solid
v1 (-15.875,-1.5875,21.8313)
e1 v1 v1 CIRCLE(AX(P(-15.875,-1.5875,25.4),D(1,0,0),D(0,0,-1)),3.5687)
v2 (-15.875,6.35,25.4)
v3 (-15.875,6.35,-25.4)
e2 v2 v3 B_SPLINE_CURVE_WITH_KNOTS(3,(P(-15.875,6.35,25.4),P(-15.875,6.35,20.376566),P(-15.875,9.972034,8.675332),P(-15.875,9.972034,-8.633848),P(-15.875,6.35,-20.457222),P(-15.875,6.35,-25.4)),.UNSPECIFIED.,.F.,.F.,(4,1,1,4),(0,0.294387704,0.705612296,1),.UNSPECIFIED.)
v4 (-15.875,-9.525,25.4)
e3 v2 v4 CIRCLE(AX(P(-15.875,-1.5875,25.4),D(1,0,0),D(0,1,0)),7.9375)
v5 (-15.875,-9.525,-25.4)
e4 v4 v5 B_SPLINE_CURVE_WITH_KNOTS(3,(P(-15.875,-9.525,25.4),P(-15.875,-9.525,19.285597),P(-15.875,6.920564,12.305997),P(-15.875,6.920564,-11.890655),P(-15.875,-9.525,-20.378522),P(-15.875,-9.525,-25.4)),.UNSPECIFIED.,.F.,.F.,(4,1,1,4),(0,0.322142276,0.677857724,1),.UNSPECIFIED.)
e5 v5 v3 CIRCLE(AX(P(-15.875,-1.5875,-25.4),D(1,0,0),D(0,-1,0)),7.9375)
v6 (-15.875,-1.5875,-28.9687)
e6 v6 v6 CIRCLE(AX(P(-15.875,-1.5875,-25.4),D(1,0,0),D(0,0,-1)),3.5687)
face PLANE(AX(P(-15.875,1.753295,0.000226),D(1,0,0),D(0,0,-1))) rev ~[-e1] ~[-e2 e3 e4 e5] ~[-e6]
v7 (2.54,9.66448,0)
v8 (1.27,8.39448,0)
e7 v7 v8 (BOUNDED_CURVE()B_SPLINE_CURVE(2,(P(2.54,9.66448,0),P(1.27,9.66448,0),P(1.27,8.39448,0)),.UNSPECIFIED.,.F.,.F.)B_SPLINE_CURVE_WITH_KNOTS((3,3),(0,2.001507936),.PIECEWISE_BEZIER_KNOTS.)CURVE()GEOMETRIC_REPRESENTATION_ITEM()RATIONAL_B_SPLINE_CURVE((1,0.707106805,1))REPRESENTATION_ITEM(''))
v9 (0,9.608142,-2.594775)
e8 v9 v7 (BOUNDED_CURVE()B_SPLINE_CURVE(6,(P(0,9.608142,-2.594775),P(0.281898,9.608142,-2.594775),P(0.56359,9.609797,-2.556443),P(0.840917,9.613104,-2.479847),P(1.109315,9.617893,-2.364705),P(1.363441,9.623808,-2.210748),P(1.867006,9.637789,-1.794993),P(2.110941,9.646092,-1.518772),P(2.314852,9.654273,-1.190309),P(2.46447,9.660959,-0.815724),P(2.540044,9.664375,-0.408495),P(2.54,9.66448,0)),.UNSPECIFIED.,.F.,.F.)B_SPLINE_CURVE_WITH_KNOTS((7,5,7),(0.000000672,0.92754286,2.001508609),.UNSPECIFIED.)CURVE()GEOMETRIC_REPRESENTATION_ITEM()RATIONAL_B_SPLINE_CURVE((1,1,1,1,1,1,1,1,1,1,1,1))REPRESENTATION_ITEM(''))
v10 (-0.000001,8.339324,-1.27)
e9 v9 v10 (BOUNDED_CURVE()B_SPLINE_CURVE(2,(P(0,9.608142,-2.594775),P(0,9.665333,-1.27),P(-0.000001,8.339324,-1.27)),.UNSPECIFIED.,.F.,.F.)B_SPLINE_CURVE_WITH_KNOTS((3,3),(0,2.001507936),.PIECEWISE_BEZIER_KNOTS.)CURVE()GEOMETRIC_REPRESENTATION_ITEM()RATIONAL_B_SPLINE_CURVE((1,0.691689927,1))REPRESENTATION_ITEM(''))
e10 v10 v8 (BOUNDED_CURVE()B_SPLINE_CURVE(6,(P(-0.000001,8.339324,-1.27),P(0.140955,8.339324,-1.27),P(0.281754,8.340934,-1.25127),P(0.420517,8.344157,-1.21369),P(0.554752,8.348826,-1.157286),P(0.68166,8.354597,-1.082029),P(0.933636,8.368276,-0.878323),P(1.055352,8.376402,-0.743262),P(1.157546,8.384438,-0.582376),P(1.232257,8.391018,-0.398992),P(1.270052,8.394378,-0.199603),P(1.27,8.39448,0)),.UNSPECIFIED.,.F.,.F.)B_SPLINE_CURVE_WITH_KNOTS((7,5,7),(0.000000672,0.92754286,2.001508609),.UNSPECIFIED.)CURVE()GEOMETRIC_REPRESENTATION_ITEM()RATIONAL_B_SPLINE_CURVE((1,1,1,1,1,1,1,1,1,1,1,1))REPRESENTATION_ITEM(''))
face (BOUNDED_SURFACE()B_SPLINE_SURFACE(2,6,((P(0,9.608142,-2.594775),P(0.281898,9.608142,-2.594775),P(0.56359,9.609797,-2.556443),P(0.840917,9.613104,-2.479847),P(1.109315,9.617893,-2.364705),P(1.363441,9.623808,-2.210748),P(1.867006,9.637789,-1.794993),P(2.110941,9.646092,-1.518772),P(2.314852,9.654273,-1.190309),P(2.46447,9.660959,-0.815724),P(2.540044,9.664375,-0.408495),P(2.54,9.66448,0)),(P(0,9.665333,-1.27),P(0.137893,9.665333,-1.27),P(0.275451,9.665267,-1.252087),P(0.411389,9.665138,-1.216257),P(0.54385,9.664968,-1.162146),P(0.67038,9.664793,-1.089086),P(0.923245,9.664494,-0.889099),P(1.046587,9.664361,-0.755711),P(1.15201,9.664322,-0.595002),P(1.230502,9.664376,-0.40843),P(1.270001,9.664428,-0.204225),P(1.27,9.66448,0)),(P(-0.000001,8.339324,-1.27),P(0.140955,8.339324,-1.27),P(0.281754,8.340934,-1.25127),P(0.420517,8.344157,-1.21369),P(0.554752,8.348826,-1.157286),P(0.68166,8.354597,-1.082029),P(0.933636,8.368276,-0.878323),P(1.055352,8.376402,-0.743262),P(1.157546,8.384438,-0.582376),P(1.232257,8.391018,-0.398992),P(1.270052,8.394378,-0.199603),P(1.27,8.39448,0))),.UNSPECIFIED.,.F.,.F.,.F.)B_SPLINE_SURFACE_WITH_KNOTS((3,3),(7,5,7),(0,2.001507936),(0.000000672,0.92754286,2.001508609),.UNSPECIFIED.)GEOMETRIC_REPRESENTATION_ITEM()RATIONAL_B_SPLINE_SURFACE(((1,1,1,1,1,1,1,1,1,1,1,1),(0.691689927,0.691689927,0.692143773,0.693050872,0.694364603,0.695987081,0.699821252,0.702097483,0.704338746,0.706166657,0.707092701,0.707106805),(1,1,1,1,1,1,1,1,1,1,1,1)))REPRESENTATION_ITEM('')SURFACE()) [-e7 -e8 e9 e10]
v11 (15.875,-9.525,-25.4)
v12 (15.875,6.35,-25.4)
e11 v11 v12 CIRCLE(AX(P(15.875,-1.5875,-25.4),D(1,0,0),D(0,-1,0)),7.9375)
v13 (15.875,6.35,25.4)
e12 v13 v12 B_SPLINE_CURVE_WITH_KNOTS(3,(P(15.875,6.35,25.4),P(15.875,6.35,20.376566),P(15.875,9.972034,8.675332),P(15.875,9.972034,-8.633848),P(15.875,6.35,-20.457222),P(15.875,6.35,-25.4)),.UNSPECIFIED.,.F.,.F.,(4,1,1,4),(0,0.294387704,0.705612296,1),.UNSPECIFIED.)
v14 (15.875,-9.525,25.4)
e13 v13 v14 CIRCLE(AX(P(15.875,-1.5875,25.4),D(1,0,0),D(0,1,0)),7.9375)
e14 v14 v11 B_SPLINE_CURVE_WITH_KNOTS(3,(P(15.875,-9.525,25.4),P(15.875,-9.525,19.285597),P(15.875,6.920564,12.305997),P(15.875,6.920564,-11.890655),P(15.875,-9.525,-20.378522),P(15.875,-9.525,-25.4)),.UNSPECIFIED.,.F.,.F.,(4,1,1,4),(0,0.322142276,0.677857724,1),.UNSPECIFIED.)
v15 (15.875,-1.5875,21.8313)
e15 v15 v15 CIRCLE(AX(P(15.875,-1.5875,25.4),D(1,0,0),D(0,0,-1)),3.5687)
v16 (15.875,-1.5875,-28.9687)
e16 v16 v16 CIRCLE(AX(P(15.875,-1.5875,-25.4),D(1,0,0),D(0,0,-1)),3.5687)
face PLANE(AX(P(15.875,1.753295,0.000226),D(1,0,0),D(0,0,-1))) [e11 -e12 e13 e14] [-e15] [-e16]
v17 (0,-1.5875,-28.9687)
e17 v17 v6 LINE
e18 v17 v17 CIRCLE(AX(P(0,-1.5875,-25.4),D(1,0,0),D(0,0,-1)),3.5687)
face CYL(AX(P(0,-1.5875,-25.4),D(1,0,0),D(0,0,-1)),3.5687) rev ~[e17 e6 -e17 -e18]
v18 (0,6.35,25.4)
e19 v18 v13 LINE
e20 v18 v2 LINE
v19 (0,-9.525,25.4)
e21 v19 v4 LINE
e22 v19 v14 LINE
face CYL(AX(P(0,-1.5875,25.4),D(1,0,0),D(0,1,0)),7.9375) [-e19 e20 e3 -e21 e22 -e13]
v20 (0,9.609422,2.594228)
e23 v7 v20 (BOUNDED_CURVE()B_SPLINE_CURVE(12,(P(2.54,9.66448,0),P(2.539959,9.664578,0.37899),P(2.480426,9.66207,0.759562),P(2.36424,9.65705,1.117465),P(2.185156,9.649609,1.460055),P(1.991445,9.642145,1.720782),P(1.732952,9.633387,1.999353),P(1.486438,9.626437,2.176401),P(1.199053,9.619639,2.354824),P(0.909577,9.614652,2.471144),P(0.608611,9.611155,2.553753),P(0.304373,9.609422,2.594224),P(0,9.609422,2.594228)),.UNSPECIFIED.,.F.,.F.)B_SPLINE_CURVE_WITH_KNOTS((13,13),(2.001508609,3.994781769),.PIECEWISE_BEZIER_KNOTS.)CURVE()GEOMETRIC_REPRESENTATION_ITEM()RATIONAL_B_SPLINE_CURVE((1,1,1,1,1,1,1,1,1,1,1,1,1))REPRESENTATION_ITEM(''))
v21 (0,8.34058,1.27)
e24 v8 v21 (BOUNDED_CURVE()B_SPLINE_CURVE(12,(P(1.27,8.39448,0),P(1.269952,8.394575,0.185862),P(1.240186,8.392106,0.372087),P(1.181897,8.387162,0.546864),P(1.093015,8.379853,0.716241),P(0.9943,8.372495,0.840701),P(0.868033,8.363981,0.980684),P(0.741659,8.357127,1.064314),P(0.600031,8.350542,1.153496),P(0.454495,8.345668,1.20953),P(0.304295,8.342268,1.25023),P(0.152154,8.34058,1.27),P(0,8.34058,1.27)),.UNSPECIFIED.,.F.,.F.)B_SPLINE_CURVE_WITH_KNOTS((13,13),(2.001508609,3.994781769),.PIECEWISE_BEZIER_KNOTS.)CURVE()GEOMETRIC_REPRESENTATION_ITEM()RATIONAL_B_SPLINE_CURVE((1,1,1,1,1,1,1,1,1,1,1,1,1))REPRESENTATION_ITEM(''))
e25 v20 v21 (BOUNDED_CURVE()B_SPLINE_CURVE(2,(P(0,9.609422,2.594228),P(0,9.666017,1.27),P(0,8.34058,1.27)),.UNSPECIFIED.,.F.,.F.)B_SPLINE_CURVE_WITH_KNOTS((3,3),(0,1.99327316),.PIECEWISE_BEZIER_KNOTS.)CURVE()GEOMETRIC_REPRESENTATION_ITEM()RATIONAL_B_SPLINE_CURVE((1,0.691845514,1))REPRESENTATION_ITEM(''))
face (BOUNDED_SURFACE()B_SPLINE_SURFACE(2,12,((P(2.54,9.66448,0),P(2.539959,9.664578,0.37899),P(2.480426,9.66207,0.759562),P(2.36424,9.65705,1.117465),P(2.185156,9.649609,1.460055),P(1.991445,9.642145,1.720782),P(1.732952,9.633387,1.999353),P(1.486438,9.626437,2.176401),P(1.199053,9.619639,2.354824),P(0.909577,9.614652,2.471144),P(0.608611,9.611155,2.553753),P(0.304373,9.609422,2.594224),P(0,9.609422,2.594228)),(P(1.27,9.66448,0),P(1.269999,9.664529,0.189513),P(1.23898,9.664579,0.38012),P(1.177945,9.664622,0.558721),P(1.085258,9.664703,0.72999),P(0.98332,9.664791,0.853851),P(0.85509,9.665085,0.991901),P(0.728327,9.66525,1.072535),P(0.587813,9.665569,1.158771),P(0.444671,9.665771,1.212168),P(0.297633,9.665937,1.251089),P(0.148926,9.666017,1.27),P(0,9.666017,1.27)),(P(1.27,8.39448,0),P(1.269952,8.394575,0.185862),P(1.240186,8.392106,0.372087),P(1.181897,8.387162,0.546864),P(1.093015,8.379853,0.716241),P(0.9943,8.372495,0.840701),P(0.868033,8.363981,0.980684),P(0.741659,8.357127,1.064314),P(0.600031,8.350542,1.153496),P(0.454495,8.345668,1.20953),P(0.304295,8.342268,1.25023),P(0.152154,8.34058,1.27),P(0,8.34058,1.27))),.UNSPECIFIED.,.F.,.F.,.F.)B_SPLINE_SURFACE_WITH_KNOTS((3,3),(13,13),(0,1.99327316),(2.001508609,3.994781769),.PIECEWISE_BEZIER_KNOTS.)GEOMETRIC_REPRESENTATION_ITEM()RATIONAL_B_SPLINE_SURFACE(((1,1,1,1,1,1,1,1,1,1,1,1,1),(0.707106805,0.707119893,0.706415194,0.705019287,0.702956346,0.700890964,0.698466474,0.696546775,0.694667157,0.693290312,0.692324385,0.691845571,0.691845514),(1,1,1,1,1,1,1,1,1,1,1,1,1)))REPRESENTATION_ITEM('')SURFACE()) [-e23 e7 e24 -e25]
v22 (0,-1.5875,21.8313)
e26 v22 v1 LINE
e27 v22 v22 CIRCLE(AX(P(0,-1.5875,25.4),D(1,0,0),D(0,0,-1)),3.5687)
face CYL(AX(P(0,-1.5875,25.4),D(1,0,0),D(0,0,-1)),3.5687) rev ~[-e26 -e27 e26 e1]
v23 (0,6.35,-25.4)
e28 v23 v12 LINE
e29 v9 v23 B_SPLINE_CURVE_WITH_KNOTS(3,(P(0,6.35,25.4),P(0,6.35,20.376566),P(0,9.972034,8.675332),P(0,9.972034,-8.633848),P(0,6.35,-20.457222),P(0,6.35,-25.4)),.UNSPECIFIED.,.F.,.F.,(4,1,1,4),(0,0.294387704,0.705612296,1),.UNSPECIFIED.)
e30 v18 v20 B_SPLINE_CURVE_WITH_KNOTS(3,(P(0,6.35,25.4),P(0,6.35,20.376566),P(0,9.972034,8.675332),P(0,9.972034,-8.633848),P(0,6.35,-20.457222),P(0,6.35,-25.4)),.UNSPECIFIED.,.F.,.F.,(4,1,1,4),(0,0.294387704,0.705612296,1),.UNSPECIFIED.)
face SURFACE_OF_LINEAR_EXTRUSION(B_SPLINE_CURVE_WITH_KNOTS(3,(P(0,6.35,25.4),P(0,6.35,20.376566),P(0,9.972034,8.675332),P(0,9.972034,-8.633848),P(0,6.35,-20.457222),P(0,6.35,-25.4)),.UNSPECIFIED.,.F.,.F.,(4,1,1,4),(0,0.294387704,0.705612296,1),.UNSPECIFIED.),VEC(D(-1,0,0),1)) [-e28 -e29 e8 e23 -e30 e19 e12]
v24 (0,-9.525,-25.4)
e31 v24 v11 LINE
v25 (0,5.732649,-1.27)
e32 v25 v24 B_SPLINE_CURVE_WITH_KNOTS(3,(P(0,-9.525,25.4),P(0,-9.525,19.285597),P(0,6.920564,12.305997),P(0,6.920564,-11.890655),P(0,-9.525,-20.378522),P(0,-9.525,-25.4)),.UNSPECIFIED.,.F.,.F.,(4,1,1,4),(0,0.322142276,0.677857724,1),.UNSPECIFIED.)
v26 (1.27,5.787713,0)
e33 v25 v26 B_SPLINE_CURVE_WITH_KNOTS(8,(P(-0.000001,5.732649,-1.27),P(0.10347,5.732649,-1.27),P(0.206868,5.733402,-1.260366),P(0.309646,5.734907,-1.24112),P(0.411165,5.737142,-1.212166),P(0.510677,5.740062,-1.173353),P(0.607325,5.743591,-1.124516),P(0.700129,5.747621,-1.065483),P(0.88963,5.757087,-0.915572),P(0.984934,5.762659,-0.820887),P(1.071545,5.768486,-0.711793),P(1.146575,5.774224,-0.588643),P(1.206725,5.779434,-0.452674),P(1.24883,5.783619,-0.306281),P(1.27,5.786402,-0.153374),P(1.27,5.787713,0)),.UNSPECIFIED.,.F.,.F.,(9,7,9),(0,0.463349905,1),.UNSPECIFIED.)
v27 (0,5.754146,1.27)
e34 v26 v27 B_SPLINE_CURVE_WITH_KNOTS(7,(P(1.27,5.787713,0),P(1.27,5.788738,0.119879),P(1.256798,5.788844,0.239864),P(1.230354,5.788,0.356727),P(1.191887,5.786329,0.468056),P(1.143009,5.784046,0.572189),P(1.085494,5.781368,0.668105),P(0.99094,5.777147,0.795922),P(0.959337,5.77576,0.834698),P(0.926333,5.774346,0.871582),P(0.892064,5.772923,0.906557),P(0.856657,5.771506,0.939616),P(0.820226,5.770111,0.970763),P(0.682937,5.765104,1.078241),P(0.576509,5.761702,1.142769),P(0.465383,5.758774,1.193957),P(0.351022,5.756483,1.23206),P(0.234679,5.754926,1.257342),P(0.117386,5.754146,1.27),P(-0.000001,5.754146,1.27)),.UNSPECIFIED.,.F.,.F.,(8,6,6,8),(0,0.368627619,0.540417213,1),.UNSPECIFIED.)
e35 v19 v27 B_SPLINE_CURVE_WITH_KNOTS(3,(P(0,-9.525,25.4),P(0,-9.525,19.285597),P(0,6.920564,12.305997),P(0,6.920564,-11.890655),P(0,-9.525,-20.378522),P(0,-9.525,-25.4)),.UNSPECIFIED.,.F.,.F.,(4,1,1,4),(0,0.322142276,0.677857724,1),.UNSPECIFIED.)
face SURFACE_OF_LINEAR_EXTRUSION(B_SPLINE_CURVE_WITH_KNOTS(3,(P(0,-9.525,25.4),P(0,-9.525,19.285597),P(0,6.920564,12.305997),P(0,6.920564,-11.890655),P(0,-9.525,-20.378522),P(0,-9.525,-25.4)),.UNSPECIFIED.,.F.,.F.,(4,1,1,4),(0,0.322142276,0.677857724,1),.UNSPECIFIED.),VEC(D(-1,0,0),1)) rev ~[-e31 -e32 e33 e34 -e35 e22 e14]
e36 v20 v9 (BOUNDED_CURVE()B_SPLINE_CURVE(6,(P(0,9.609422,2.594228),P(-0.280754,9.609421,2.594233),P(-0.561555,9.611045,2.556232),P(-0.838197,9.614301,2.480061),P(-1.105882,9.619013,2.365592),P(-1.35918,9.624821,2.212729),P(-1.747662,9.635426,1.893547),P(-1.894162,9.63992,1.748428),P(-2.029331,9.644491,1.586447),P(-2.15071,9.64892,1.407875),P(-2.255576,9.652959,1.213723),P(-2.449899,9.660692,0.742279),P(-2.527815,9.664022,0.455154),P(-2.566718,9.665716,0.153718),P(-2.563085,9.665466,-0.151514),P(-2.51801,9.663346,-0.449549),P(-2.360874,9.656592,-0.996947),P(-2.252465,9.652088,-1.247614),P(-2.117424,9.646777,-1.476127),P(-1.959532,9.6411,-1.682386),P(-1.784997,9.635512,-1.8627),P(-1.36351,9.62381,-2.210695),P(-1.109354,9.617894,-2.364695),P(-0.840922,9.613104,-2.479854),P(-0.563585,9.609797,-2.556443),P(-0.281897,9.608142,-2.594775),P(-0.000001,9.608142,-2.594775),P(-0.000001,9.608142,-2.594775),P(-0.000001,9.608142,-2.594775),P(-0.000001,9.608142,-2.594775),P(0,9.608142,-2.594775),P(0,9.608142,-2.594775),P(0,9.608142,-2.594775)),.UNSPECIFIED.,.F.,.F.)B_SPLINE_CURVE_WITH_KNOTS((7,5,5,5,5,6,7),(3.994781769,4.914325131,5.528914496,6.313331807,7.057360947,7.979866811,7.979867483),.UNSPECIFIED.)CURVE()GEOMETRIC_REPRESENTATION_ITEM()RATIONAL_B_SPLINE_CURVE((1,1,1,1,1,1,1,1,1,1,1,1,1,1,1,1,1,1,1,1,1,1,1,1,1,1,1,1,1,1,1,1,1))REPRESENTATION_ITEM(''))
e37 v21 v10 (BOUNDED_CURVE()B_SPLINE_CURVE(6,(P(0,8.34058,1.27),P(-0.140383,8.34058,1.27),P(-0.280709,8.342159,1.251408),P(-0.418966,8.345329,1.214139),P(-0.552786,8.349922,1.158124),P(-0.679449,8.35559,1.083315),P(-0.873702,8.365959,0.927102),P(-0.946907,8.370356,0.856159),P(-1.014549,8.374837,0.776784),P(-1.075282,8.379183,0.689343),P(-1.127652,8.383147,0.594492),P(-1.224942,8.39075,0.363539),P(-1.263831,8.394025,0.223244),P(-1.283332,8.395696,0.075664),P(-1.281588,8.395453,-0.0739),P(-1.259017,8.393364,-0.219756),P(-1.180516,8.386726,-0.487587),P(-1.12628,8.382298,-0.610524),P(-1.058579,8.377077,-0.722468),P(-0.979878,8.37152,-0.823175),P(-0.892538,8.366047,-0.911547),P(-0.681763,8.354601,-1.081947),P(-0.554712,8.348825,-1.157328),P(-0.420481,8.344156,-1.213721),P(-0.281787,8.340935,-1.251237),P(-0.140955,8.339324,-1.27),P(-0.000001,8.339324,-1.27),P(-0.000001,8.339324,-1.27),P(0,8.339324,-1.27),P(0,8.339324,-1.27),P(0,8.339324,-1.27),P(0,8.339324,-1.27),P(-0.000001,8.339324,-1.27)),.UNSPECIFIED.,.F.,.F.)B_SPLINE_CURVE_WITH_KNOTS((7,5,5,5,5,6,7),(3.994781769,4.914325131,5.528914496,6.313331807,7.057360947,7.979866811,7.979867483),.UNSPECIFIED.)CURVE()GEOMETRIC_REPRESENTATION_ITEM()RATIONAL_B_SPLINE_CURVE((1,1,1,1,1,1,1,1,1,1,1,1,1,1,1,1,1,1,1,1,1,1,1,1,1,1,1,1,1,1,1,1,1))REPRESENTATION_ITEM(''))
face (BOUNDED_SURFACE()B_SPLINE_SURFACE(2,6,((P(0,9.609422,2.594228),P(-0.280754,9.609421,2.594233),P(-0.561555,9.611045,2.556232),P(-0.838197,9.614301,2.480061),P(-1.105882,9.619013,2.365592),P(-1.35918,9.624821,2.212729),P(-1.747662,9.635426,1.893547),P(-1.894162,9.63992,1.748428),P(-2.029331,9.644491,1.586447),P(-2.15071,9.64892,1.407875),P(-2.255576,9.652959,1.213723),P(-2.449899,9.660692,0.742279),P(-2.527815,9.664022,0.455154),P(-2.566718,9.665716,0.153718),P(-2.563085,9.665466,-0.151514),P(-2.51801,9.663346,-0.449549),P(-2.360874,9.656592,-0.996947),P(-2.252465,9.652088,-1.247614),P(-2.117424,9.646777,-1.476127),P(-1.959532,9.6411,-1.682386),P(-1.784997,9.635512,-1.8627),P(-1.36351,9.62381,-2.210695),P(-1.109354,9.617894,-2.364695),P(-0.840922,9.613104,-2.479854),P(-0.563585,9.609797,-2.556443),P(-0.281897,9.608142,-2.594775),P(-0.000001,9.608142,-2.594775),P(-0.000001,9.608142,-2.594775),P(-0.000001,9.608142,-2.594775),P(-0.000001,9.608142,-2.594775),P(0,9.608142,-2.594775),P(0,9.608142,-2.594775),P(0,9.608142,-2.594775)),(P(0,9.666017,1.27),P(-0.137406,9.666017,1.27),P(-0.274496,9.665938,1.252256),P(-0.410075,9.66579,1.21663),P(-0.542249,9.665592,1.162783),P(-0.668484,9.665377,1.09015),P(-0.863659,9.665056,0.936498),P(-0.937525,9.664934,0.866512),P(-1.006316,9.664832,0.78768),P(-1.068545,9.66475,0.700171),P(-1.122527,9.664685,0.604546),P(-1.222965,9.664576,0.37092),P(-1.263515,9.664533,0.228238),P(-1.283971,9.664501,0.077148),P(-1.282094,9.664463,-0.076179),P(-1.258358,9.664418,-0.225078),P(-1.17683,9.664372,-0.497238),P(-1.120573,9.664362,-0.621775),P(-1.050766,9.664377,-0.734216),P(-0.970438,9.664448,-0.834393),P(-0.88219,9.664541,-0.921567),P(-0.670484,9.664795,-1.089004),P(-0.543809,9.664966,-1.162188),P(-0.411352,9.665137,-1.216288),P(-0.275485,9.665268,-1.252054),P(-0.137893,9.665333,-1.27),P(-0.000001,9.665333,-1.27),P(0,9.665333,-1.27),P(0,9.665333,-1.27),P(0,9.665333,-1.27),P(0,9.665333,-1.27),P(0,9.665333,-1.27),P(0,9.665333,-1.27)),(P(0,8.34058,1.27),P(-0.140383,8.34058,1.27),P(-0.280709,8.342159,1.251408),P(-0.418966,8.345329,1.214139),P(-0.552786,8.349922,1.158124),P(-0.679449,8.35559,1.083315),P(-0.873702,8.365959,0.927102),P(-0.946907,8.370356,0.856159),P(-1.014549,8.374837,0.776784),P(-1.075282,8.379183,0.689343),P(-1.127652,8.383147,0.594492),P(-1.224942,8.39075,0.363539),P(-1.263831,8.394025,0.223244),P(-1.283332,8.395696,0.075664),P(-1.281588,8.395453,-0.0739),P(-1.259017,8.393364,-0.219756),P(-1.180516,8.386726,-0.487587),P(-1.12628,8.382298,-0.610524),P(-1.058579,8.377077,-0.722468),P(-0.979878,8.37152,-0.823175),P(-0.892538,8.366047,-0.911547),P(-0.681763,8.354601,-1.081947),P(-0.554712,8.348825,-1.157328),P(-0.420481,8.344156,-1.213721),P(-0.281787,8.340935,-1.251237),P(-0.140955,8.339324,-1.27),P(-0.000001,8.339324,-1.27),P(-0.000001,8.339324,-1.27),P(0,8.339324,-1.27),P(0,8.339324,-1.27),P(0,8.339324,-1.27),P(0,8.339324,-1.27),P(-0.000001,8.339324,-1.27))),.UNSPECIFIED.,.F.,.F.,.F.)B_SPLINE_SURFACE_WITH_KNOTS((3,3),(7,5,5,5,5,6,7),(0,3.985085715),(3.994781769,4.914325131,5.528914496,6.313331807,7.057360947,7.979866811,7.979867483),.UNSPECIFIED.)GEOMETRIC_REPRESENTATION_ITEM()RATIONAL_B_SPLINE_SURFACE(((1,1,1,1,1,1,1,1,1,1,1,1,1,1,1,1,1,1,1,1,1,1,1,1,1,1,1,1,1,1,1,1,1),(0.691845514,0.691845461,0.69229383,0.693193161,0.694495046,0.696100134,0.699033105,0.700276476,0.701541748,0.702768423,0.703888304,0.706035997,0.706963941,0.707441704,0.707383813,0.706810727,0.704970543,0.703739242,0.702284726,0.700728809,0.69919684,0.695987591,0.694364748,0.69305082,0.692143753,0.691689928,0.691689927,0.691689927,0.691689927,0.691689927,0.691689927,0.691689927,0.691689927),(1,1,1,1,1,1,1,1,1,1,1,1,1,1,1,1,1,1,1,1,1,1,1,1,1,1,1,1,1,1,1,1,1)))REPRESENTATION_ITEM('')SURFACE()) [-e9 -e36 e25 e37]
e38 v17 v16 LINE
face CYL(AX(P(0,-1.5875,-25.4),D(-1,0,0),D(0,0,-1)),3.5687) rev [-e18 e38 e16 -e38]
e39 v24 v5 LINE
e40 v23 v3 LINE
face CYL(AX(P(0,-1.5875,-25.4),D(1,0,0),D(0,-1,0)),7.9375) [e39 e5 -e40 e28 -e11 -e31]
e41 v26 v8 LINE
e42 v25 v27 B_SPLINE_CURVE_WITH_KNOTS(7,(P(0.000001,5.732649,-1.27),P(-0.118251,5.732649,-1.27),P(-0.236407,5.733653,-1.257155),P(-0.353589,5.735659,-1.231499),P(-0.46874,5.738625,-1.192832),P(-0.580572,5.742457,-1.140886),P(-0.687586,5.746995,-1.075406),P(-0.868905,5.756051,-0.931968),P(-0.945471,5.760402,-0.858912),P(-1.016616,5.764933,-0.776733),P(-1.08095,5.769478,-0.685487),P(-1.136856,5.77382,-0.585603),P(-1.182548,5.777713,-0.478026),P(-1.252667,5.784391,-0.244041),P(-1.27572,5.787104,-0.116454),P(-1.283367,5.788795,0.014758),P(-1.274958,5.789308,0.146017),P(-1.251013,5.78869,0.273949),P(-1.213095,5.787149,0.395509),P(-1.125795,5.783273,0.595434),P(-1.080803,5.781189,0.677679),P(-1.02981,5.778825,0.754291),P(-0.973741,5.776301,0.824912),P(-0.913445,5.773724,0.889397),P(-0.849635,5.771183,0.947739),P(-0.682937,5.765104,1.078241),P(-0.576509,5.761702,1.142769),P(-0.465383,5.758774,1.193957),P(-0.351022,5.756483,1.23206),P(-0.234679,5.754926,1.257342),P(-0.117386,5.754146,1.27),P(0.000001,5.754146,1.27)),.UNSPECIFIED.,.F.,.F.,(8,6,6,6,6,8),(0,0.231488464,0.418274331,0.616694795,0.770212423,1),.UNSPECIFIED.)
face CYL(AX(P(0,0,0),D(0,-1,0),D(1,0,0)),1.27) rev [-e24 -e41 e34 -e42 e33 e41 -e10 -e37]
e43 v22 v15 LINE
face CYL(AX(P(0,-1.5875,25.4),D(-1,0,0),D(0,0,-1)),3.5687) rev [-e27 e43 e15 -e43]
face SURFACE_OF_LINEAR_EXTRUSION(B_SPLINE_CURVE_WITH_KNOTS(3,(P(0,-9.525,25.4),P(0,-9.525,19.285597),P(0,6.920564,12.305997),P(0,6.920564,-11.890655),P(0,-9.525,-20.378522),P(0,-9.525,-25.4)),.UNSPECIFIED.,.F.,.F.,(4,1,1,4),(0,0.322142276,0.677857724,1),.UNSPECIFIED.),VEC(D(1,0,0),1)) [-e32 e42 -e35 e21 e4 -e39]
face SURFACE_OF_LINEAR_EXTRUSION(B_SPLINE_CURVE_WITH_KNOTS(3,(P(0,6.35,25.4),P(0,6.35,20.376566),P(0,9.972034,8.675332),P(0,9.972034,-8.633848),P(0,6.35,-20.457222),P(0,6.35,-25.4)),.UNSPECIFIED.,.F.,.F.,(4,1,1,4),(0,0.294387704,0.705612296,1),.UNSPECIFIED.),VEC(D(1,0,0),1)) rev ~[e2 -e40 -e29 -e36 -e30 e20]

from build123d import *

# Parameters (mm, degrees)
SKETCH1_R               = 3.5687
BOSS_EXTRUDE1_DEPTH     = 15.875
SKETCH3_R               = 1.27
CUT_EXTRUDE1_DEPTH      = 10.664482261
CUT_EXTRUDE1_DEPTH_BACK = 10.5250001
FILLET1_R               = 1.27


with BuildPart() as part:
    # Sketch1 → Boss-Extrude1 (new body, symmetric)
    with BuildSketch(Plane(origin=(0, 0, 0), x_dir=(0, 0, -1), z_dir=(1, 0, 0))):
        with BuildLine():
            ThreePointArc((-25.4, 6.35), (-33.3375, -1.5875), (-25.4, -9.525))
            add(Edge.make_bspline(
                [(-25.4, -9.525), (-19.285597161, -9.525), (-12.305997333, 6.920563629), (11.89065455, 6.920563629), (20.378521675, -9.525), (25.4, -9.525)],
                knots=[0, 0, 0, 0, 0.322142276, 0.677857724, 1, 1, 1, 1], degree=3))
            ThreePointArc((25.4, -9.525), (33.3375, -1.5875), (25.4, 6.35))
            add(Edge.make_bspline(
                [(-25.4, 6.35), (-20.376566451, 6.35), (-8.675332264, 9.972034061), (8.633848157, 9.972034061), (20.457221768, 6.35), (25.4, 6.35)],
                knots=[0, 0, 0, 0, 0.294387704, 0.705612296, 1, 1, 1, 1], degree=3))
        make_face()
        with Locations((-25.4, -1.5875)):
            Circle(SKETCH1_R, mode=Mode.SUBTRACT)
        with Locations((25.4, -1.5875)):
            Circle(SKETCH1_R, mode=Mode.SUBTRACT)
    extrude(amount=BOSS_EXTRUDE1_DEPTH, both=True)

    # Sketch3 → Cut-Extrude1 (cut, two sides)
    with BuildSketch(Plane(origin=(0, 0, 0), x_dir=(1, 0, 0), z_dir=(0, 1, 0))) as cut_extrude1_sk:
        Circle(SKETCH3_R)
    extrude(amount=CUT_EXTRUDE1_DEPTH, mode=Mode.SUBTRACT)
    extrude(cut_extrude1_sk.sketch, amount=-CUT_EXTRUDE1_DEPTH_BACK, mode=Mode.SUBTRACT)

    # Fillet1
    fillet1_edges = [part.edges().sort_by_distance(p)[0] for p in [
        (0.898025647, 9.657580455, -0.898025583),
    ]]
    fillet(fillet1_edges, radius=FILLET1_R)


solid = part.part
